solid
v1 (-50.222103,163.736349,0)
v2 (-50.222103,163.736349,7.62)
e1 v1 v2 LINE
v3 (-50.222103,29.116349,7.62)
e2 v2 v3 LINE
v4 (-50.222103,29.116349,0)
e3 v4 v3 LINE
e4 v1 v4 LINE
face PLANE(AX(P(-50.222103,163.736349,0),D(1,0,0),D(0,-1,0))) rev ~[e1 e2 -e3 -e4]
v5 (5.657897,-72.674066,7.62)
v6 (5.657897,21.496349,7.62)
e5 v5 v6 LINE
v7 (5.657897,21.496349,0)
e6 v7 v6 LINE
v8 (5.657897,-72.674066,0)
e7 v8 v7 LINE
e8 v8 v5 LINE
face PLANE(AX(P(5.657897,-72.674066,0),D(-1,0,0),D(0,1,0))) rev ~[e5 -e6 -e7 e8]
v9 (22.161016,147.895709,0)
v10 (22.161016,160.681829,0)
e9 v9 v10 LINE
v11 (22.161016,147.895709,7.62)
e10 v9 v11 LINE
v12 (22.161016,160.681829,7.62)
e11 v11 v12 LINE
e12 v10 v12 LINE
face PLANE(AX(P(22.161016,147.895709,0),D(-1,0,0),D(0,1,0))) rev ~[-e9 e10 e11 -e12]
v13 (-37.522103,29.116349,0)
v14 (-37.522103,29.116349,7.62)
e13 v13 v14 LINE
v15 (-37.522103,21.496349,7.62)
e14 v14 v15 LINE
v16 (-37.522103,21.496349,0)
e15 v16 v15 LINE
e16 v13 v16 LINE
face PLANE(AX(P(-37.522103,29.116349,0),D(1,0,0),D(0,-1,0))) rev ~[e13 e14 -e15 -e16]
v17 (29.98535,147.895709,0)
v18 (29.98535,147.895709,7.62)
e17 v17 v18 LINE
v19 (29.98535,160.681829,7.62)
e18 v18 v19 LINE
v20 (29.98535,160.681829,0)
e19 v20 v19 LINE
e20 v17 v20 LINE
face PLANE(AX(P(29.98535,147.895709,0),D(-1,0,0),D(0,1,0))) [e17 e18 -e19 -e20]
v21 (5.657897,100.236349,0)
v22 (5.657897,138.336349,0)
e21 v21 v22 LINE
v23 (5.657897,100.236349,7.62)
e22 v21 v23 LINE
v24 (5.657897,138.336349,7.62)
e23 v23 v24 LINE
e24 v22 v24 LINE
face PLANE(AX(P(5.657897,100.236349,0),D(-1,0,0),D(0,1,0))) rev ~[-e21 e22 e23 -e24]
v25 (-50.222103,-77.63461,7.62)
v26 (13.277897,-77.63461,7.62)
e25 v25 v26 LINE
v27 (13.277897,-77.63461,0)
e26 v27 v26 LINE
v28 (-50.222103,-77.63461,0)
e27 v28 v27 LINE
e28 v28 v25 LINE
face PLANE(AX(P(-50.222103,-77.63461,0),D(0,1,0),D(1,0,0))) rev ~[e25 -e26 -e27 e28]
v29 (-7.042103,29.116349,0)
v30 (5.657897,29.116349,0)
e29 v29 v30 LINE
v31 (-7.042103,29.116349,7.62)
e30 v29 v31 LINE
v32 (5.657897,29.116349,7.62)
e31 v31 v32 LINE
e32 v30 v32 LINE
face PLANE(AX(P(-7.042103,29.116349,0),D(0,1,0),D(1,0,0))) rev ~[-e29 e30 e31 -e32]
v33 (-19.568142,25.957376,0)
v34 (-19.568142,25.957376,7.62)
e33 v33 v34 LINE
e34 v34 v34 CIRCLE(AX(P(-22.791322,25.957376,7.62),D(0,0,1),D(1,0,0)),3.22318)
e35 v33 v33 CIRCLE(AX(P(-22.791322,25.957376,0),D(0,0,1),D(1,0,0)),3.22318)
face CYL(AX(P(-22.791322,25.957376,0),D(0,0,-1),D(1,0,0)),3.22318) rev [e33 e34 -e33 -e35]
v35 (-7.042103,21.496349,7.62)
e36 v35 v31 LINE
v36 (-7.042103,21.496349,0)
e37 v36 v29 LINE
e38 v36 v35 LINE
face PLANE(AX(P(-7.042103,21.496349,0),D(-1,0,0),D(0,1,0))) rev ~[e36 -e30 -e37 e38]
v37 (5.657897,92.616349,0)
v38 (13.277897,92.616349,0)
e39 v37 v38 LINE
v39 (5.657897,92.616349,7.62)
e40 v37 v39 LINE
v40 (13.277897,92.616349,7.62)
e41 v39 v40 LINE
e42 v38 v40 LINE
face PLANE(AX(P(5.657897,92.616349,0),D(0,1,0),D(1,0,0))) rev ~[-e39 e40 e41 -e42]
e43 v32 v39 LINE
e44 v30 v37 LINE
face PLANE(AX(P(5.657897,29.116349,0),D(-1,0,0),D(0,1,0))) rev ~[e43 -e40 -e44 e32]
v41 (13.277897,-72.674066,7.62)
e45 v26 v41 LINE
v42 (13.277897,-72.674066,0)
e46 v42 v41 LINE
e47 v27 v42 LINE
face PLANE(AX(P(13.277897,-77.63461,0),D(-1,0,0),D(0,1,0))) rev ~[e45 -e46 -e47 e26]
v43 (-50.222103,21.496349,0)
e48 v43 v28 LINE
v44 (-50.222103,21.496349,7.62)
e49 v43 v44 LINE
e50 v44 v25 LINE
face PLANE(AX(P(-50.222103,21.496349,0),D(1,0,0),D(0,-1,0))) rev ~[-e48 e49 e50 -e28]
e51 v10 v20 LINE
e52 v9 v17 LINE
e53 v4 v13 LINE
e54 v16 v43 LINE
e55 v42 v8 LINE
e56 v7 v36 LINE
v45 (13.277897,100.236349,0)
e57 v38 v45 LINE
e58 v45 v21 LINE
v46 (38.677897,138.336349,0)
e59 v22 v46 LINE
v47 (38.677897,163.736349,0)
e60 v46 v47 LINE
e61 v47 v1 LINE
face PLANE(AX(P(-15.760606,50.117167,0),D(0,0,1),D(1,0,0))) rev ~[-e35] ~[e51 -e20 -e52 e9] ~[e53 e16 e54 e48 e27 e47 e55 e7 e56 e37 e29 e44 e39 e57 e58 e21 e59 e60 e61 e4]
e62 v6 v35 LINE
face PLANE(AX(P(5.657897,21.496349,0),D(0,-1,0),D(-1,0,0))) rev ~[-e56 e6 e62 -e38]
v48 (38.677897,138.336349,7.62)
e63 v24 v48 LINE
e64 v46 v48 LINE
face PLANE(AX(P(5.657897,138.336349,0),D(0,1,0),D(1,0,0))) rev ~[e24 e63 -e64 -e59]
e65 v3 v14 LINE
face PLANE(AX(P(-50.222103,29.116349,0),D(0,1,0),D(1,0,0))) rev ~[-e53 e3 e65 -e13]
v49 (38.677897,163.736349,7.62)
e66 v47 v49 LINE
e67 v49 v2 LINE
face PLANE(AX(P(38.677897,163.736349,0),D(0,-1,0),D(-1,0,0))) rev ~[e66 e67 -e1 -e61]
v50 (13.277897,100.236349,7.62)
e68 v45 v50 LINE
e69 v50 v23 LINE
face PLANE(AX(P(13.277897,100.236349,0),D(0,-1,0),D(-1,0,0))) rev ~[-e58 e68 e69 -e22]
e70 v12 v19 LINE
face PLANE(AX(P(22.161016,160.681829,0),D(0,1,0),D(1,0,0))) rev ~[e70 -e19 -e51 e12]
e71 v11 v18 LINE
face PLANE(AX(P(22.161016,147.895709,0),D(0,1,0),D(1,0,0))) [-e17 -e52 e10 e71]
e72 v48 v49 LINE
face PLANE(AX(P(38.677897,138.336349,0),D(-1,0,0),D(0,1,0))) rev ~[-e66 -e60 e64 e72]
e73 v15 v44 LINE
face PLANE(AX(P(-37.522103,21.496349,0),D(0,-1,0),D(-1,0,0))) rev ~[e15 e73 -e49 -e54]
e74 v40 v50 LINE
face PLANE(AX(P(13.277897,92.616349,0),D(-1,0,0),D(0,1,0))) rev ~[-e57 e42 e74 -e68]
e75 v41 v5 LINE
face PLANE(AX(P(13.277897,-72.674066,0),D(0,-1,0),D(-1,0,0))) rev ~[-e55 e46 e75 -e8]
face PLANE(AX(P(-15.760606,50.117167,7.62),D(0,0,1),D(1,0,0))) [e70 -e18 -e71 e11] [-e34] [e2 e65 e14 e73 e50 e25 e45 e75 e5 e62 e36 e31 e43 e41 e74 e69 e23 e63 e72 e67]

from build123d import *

# Parameters (mm, degrees)
F0_R     = 3.22318
F0_W     = 7.824334
F0_H     = 12.78612
F1_DEPTH = 7.62


with BuildPart() as f1:
    # F0 (on Top) → F1 (new body)
    with BuildSketch(Plane.XY):
        Polygon((38.677897, 163.736349), (-50.222103, 163.736349), (-50.222103, 29.116349), (-37.522103, 29.116349), (-37.522103, 21.496349), (-50.222103, 21.496349), (-50.222103, -77.63461), (13.277897, -77.63461), (13.277897, -72.674066), (5.657897, -72.674066), (5.657897, -62.323651), (5.657897, 21.496349), (-7.042103, 21.496349), (-7.042103, 29.116349), (5.657897, 29.116349), (5.657897, 92.616349), (13.277897, 92.616349), (13.277897, 100.236349), (5.657897, 100.236349), (5.657897, 138.336349), (38.677897, 138.336349), align=None)
        with Locations((-22.791322, 25.957376)):
            Circle(F0_R, mode=Mode.SUBTRACT)
        with Locations((26.073183, 154.288769)):
            Rectangle(F0_W, F0_H, mode=Mode.SUBTRACT)
    extrude(amount=F1_DEPTH)


solid = f1.part
